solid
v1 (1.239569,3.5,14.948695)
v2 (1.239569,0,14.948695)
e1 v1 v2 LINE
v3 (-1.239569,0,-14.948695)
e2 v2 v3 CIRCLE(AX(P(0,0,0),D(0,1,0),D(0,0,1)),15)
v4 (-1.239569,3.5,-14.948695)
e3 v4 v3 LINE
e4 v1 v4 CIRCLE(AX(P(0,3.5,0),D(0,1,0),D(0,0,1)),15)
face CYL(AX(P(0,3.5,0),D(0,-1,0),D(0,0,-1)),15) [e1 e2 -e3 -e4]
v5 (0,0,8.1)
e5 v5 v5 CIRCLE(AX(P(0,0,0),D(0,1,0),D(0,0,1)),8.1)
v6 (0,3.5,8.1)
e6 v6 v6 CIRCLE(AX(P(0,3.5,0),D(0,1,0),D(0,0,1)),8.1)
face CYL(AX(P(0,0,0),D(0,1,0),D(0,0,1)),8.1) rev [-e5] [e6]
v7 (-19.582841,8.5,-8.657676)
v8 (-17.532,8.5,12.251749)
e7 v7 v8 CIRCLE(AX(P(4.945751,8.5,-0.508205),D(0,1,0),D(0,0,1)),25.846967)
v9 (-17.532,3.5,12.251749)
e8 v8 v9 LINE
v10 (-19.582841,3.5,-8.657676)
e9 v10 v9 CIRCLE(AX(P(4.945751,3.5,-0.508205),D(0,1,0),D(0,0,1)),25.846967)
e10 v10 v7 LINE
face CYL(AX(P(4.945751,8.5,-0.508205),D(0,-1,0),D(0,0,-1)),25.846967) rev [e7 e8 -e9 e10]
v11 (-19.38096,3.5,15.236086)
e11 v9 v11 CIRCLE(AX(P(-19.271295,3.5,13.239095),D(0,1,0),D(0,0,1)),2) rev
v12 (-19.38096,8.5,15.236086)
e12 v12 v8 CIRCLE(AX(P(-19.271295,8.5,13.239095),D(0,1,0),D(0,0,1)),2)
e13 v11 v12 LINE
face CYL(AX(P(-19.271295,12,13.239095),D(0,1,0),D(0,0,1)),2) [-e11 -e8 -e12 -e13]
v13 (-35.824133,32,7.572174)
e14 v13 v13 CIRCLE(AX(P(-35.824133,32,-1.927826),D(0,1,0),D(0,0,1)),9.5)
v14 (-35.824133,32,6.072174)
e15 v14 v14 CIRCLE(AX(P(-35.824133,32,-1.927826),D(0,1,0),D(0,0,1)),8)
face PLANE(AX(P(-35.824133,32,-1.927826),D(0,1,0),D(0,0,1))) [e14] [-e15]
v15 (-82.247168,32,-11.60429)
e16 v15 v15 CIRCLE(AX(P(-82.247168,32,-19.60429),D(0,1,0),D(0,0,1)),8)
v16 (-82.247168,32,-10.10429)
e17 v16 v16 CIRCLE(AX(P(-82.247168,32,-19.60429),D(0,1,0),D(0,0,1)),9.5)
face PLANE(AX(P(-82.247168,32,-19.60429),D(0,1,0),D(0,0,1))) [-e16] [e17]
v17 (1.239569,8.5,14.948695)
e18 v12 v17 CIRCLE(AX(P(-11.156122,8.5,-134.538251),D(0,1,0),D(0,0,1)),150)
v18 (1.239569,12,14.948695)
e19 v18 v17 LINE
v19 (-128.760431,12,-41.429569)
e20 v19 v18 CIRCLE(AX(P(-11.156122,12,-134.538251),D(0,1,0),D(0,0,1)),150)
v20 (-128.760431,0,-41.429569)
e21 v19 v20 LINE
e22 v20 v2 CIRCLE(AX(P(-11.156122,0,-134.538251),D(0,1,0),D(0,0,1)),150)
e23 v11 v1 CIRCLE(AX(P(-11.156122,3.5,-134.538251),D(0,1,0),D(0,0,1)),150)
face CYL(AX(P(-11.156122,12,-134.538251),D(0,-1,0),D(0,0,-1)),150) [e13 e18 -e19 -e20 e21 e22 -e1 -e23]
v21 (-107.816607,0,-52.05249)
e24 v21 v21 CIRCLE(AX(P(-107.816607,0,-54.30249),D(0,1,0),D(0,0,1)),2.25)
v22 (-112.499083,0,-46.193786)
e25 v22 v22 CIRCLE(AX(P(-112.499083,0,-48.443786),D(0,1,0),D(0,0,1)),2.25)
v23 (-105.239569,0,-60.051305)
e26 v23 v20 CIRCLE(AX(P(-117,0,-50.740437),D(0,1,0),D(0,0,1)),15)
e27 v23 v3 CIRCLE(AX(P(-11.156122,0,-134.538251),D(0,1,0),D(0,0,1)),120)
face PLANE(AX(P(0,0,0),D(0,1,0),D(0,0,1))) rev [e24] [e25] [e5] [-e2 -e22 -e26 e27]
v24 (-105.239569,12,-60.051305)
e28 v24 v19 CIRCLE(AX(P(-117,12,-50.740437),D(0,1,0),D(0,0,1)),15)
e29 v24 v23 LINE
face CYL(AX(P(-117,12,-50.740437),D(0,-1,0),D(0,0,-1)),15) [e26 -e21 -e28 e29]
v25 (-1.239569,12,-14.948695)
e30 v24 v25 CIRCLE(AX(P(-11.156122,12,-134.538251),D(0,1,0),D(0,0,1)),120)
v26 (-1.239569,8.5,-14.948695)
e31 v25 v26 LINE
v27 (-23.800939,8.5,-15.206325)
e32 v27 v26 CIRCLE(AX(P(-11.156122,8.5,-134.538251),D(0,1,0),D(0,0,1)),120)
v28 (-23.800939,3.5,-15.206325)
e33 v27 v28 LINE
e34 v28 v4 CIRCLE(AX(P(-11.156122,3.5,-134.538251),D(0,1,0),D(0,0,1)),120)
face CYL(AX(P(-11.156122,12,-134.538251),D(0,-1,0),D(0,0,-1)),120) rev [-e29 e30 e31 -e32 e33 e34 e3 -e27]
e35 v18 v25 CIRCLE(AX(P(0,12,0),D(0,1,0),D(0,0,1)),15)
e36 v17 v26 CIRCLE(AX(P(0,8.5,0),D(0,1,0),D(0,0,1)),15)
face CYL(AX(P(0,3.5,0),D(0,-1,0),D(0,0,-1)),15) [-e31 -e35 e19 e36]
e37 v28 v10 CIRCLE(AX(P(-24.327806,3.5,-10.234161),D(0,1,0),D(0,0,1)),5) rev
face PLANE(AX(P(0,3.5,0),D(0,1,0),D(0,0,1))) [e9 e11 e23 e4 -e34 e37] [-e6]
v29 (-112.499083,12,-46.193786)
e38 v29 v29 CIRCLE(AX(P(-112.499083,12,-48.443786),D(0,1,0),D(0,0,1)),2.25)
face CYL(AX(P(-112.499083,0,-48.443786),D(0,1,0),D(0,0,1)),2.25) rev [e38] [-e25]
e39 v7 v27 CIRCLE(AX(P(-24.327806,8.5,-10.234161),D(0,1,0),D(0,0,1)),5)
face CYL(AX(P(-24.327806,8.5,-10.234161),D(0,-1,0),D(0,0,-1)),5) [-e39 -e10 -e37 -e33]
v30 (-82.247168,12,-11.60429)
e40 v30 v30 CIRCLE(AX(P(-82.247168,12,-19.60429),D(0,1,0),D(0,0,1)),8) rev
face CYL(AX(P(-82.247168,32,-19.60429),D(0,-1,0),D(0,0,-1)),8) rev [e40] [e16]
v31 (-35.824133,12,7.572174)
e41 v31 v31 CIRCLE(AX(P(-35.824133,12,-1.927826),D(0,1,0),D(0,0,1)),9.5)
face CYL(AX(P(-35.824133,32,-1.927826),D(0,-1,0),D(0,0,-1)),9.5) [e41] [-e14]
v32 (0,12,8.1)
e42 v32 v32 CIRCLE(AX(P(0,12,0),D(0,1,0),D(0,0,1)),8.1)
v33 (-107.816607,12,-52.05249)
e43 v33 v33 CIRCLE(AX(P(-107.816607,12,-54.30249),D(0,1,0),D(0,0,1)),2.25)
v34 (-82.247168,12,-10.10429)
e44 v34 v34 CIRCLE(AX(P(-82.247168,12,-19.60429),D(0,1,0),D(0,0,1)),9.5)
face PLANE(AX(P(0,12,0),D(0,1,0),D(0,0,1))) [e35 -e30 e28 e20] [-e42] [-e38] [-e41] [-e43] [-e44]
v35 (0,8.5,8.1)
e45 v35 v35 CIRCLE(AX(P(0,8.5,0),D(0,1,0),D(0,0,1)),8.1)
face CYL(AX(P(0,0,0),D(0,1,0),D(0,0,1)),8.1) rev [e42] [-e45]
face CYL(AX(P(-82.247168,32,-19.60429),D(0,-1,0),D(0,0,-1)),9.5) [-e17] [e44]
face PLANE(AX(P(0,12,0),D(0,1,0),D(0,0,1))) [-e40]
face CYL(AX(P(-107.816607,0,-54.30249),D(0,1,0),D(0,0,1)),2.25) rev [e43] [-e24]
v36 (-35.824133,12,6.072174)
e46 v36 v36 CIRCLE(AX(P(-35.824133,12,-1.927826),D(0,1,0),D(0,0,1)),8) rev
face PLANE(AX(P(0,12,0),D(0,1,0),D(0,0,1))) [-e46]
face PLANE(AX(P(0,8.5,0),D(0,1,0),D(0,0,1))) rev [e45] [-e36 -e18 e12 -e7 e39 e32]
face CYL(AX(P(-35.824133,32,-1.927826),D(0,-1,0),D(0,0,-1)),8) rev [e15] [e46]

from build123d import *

# Parameters (mm, degrees)
BOSS_EXTRUDE4_DEPTH = 11.999999999999996
BOSS_EXTRUDE5_DEPTH = 3.5
BOSS_EXTRUDE6_DEPTH = 12
CUT_EXTRUDE2_DEPTH  = 8.5
BOSS_EXTRUDE7_DEPTH = 3.5000000000000004
SKETCH2_R           = 8.1
CUT_EXTRUDE3_DEPTH  = 12
FILLET1_R           = 5
FILLET2_R           = 2
SKETCH3_R           = 2.2499999999999964
CUT_EXTRUDE4_DEPTH  = 12
SKETCH4_R           = 9.500000000000002
SKETCH4_R_2         = 8.000000000000002
SKETCH4_R_3         = 9.499999999999995
SKETCH4_R_4         = 7.999999999999998
BOSS_EXTRUDE8_DEPTH = 20


with BuildPart() as part:
    # Sketch1 → Boss-Extrude4 (new body)
    with BuildSketch(Plane(origin=(0, 0, 0), x_dir=(1, 0, 0), z_dir=(0, 1, 0))):
        with BuildLine():
            ThreePointArc((-105.23956914411866, 60.05130546378884), (-126.31086817026393, 62.500868149406244), (-128.76043085588134, 41.429569123260976))
            ThreePointArc((-128.76043085588134, 41.42956912326096), (-78.3921989201775, 0.4513014224205847), (-15.424890802752289, -15.400995588922257))
            ThreePointArc((-15.424890802752284, -15.400995588922251), (-20.878753235246265, -0.5691494549701637), (-16.67921047602729, 14.665420305521598))
            ThreePointArc((-16.679210476027265, 14.665420305521593), (-65.8857769449076, 27.74562513419724), (-105.23956914411866, 60.05130546378885))
        make_face()
    extrude(amount=BOSS_EXTRUDE4_DEPTH)

    # Sketch1<6> → Boss-Extrude5 (add)
    with BuildSketch(Plane(origin=(0, 0, 0), x_dir=(1, 0, 0), z_dir=(0, 1, 0))):
        with BuildLine():
            ThreePointArc((-16.67921047602729, 14.665420305521598), (-20.878753235246265, -0.5691494549701637), (-15.424890802752284, -15.400995588922251))
            ThreePointArc((-15.424890802752289, -15.400995588922257), (-7.086372530747029, -15.406529466177687), (1.2395691441186596, -14.94869453621115))
            ThreePointArc((1.2395691441186607, -14.948694536211157), (14.948694536211152, 1.2395691441186514), (-1.2395691441186483, 14.948694536211152))
            ThreePointArc((-1.2395691441186347, 14.94869453621115), (-8.954828429393212, 14.55844291928571), (-16.679210476027265, 14.665420305521593))
        make_face()
    extrude(amount=BOSS_EXTRUDE5_DEPTH)

    # Sketch1<8> → Boss-Extrude6 (add)
    with BuildSketch(Plane(origin=(0, 0, 0), x_dir=(1, 0, 0), z_dir=(0, 1, 0))):
        with BuildLine():
            ThreePointArc((-16.67921047602729, 14.665420305521598), (-20.878753235246265, -0.5691494549701637), (-15.424890802752284, -15.400995588922251))
            ThreePointArc((-15.424890802752289, -15.400995588922257), (-7.086372530747029, -15.406529466177687), (1.2395691441186596, -14.94869453621115))
            ThreePointArc((1.2395691441186607, -14.948694536211157), (14.948694536211152, 1.2395691441186514), (-1.2395691441186483, 14.948694536211152))
            ThreePointArc((-1.2395691441186347, 14.94869453621115), (-8.954828429393212, 14.55844291928571), (-16.679210476027265, 14.665420305521593))
        make_face()
    extrude(amount=BOSS_EXTRUDE6_DEPTH)

    # Sketch1<9> → Cut-Extrude2 (cut)
    with BuildSketch(Plane(origin=(0, 0, 0), x_dir=(1, 0, 0), z_dir=(0, 1, 0))):
        with BuildLine():
            ThreePointArc((-16.67921047602729, 14.665420305521598), (-20.878753235246265, -0.5691494549701637), (-15.424890802752284, -15.400995588922251))
            ThreePointArc((-15.424890802752289, -15.400995588922257), (-7.086372530747029, -15.406529466177687), (1.2395691441186596, -14.94869453621115))
            ThreePointArc((1.2395691441186607, -14.948694536211157), (14.948694536211152, 1.2395691441186514), (-1.2395691441186483, 14.948694536211152))
            ThreePointArc((-1.2395691441186347, 14.94869453621115), (-8.954828429393212, 14.55844291928571), (-16.679210476027265, 14.665420305521593))
        make_face()
    extrude(amount=CUT_EXTRUDE2_DEPTH, mode=Mode.SUBTRACT)

    # Sketch1<10> → Boss-Extrude7 (add)
    with BuildSketch(Plane(origin=(0, 0, 0), x_dir=(1, 0, 0), z_dir=(0, 1, 0))):
        with BuildLine():
            ThreePointArc((-16.67921047602729, 14.665420305521598), (-20.878753235246265, -0.5691494549701637), (-15.424890802752284, -15.400995588922251))
            ThreePointArc((-15.424890802752289, -15.400995588922257), (-7.086372530747029, -15.406529466177687), (1.2395691441186596, -14.94869453621115))
            ThreePointArc((1.2395691441186607, -14.948694536211157), (14.948694536211152, 1.2395691441186514), (-1.2395691441186483, 14.948694536211152))
            ThreePointArc((-1.2395691441186347, 14.94869453621115), (-8.954828429393212, 14.55844291928571), (-16.679210476027265, 14.665420305521593))
        make_face()
    extrude(amount=BOSS_EXTRUDE7_DEPTH)

    # Sketch2 → Cut-Extrude3 (cut)
    with BuildSketch(Plane(origin=(0, 11.999999999999996, 0), x_dir=(1, 0, 0), z_dir=(0, 1, 0))):
        Circle(SKETCH2_R)
    extrude(amount=-CUT_EXTRUDE3_DEPTH, mode=Mode.SUBTRACT)

    # Fillet1
    fillet1_edges = [part.edges().sort_by_distance(p)[0] for p in [
        (-16.67921047602728, 6, -14.665420305521597),
    ]]
    fillet(fillet1_edges, radius=FILLET1_R)

    # Fillet2
    fillet2_edges = [part.edges().sort_by_distance(p)[0] for p in [
        (-15.424890802752289, 6, 15.400995588922266),
    ]]
    fillet(fillet2_edges, radius=FILLET2_R)

    # Sketch3 → Cut-Extrude4 (cut)
    with BuildSketch(Plane(origin=(0, 11.999999999999996, 0), x_dir=(1, 0, 0), z_dir=(0, 1, 0))):
        with Locations((-107.81660725396851, 54.30249040498051)):
            Circle(SKETCH3_R)
        with Locations((-112.49908312253997, 48.44378579216329)):
            Circle(SKETCH3_R)
    extrude(amount=-CUT_EXTRUDE4_DEPTH, mode=Mode.SUBTRACT)

    # Sketch4 → Boss-Extrude8 (add)
    # profile 1 of 2: a face of its own
    with BuildSketch(Plane(origin=(0, 11.999999999999996, 0), x_dir=(1, 0, 0), z_dir=(0, 1, 0))):
        with Locations((-35.824132830362714, 1.9278264844930209)):
            Circle(SKETCH4_R)
        with Locations((-35.824132830362714, 1.9278264844930209)):
            Circle(SKETCH4_R_2, mode=Mode.SUBTRACT)
    # profile 2 of 2: a face of its own
    with BuildSketch(Plane(origin=(0, 11.999999999999996, 0), x_dir=(1, 0, 0), z_dir=(0, 1, 0))):
        with Locations((-82.24716798080135, 19.60428986869888)):
            Circle(SKETCH4_R_3)
        with Locations((-82.24716798080135, 19.60428986869888)):
            Circle(SKETCH4_R_4, mode=Mode.SUBTRACT)
    extrude(amount=BOSS_EXTRUDE8_DEPTH)


solid = part.part
